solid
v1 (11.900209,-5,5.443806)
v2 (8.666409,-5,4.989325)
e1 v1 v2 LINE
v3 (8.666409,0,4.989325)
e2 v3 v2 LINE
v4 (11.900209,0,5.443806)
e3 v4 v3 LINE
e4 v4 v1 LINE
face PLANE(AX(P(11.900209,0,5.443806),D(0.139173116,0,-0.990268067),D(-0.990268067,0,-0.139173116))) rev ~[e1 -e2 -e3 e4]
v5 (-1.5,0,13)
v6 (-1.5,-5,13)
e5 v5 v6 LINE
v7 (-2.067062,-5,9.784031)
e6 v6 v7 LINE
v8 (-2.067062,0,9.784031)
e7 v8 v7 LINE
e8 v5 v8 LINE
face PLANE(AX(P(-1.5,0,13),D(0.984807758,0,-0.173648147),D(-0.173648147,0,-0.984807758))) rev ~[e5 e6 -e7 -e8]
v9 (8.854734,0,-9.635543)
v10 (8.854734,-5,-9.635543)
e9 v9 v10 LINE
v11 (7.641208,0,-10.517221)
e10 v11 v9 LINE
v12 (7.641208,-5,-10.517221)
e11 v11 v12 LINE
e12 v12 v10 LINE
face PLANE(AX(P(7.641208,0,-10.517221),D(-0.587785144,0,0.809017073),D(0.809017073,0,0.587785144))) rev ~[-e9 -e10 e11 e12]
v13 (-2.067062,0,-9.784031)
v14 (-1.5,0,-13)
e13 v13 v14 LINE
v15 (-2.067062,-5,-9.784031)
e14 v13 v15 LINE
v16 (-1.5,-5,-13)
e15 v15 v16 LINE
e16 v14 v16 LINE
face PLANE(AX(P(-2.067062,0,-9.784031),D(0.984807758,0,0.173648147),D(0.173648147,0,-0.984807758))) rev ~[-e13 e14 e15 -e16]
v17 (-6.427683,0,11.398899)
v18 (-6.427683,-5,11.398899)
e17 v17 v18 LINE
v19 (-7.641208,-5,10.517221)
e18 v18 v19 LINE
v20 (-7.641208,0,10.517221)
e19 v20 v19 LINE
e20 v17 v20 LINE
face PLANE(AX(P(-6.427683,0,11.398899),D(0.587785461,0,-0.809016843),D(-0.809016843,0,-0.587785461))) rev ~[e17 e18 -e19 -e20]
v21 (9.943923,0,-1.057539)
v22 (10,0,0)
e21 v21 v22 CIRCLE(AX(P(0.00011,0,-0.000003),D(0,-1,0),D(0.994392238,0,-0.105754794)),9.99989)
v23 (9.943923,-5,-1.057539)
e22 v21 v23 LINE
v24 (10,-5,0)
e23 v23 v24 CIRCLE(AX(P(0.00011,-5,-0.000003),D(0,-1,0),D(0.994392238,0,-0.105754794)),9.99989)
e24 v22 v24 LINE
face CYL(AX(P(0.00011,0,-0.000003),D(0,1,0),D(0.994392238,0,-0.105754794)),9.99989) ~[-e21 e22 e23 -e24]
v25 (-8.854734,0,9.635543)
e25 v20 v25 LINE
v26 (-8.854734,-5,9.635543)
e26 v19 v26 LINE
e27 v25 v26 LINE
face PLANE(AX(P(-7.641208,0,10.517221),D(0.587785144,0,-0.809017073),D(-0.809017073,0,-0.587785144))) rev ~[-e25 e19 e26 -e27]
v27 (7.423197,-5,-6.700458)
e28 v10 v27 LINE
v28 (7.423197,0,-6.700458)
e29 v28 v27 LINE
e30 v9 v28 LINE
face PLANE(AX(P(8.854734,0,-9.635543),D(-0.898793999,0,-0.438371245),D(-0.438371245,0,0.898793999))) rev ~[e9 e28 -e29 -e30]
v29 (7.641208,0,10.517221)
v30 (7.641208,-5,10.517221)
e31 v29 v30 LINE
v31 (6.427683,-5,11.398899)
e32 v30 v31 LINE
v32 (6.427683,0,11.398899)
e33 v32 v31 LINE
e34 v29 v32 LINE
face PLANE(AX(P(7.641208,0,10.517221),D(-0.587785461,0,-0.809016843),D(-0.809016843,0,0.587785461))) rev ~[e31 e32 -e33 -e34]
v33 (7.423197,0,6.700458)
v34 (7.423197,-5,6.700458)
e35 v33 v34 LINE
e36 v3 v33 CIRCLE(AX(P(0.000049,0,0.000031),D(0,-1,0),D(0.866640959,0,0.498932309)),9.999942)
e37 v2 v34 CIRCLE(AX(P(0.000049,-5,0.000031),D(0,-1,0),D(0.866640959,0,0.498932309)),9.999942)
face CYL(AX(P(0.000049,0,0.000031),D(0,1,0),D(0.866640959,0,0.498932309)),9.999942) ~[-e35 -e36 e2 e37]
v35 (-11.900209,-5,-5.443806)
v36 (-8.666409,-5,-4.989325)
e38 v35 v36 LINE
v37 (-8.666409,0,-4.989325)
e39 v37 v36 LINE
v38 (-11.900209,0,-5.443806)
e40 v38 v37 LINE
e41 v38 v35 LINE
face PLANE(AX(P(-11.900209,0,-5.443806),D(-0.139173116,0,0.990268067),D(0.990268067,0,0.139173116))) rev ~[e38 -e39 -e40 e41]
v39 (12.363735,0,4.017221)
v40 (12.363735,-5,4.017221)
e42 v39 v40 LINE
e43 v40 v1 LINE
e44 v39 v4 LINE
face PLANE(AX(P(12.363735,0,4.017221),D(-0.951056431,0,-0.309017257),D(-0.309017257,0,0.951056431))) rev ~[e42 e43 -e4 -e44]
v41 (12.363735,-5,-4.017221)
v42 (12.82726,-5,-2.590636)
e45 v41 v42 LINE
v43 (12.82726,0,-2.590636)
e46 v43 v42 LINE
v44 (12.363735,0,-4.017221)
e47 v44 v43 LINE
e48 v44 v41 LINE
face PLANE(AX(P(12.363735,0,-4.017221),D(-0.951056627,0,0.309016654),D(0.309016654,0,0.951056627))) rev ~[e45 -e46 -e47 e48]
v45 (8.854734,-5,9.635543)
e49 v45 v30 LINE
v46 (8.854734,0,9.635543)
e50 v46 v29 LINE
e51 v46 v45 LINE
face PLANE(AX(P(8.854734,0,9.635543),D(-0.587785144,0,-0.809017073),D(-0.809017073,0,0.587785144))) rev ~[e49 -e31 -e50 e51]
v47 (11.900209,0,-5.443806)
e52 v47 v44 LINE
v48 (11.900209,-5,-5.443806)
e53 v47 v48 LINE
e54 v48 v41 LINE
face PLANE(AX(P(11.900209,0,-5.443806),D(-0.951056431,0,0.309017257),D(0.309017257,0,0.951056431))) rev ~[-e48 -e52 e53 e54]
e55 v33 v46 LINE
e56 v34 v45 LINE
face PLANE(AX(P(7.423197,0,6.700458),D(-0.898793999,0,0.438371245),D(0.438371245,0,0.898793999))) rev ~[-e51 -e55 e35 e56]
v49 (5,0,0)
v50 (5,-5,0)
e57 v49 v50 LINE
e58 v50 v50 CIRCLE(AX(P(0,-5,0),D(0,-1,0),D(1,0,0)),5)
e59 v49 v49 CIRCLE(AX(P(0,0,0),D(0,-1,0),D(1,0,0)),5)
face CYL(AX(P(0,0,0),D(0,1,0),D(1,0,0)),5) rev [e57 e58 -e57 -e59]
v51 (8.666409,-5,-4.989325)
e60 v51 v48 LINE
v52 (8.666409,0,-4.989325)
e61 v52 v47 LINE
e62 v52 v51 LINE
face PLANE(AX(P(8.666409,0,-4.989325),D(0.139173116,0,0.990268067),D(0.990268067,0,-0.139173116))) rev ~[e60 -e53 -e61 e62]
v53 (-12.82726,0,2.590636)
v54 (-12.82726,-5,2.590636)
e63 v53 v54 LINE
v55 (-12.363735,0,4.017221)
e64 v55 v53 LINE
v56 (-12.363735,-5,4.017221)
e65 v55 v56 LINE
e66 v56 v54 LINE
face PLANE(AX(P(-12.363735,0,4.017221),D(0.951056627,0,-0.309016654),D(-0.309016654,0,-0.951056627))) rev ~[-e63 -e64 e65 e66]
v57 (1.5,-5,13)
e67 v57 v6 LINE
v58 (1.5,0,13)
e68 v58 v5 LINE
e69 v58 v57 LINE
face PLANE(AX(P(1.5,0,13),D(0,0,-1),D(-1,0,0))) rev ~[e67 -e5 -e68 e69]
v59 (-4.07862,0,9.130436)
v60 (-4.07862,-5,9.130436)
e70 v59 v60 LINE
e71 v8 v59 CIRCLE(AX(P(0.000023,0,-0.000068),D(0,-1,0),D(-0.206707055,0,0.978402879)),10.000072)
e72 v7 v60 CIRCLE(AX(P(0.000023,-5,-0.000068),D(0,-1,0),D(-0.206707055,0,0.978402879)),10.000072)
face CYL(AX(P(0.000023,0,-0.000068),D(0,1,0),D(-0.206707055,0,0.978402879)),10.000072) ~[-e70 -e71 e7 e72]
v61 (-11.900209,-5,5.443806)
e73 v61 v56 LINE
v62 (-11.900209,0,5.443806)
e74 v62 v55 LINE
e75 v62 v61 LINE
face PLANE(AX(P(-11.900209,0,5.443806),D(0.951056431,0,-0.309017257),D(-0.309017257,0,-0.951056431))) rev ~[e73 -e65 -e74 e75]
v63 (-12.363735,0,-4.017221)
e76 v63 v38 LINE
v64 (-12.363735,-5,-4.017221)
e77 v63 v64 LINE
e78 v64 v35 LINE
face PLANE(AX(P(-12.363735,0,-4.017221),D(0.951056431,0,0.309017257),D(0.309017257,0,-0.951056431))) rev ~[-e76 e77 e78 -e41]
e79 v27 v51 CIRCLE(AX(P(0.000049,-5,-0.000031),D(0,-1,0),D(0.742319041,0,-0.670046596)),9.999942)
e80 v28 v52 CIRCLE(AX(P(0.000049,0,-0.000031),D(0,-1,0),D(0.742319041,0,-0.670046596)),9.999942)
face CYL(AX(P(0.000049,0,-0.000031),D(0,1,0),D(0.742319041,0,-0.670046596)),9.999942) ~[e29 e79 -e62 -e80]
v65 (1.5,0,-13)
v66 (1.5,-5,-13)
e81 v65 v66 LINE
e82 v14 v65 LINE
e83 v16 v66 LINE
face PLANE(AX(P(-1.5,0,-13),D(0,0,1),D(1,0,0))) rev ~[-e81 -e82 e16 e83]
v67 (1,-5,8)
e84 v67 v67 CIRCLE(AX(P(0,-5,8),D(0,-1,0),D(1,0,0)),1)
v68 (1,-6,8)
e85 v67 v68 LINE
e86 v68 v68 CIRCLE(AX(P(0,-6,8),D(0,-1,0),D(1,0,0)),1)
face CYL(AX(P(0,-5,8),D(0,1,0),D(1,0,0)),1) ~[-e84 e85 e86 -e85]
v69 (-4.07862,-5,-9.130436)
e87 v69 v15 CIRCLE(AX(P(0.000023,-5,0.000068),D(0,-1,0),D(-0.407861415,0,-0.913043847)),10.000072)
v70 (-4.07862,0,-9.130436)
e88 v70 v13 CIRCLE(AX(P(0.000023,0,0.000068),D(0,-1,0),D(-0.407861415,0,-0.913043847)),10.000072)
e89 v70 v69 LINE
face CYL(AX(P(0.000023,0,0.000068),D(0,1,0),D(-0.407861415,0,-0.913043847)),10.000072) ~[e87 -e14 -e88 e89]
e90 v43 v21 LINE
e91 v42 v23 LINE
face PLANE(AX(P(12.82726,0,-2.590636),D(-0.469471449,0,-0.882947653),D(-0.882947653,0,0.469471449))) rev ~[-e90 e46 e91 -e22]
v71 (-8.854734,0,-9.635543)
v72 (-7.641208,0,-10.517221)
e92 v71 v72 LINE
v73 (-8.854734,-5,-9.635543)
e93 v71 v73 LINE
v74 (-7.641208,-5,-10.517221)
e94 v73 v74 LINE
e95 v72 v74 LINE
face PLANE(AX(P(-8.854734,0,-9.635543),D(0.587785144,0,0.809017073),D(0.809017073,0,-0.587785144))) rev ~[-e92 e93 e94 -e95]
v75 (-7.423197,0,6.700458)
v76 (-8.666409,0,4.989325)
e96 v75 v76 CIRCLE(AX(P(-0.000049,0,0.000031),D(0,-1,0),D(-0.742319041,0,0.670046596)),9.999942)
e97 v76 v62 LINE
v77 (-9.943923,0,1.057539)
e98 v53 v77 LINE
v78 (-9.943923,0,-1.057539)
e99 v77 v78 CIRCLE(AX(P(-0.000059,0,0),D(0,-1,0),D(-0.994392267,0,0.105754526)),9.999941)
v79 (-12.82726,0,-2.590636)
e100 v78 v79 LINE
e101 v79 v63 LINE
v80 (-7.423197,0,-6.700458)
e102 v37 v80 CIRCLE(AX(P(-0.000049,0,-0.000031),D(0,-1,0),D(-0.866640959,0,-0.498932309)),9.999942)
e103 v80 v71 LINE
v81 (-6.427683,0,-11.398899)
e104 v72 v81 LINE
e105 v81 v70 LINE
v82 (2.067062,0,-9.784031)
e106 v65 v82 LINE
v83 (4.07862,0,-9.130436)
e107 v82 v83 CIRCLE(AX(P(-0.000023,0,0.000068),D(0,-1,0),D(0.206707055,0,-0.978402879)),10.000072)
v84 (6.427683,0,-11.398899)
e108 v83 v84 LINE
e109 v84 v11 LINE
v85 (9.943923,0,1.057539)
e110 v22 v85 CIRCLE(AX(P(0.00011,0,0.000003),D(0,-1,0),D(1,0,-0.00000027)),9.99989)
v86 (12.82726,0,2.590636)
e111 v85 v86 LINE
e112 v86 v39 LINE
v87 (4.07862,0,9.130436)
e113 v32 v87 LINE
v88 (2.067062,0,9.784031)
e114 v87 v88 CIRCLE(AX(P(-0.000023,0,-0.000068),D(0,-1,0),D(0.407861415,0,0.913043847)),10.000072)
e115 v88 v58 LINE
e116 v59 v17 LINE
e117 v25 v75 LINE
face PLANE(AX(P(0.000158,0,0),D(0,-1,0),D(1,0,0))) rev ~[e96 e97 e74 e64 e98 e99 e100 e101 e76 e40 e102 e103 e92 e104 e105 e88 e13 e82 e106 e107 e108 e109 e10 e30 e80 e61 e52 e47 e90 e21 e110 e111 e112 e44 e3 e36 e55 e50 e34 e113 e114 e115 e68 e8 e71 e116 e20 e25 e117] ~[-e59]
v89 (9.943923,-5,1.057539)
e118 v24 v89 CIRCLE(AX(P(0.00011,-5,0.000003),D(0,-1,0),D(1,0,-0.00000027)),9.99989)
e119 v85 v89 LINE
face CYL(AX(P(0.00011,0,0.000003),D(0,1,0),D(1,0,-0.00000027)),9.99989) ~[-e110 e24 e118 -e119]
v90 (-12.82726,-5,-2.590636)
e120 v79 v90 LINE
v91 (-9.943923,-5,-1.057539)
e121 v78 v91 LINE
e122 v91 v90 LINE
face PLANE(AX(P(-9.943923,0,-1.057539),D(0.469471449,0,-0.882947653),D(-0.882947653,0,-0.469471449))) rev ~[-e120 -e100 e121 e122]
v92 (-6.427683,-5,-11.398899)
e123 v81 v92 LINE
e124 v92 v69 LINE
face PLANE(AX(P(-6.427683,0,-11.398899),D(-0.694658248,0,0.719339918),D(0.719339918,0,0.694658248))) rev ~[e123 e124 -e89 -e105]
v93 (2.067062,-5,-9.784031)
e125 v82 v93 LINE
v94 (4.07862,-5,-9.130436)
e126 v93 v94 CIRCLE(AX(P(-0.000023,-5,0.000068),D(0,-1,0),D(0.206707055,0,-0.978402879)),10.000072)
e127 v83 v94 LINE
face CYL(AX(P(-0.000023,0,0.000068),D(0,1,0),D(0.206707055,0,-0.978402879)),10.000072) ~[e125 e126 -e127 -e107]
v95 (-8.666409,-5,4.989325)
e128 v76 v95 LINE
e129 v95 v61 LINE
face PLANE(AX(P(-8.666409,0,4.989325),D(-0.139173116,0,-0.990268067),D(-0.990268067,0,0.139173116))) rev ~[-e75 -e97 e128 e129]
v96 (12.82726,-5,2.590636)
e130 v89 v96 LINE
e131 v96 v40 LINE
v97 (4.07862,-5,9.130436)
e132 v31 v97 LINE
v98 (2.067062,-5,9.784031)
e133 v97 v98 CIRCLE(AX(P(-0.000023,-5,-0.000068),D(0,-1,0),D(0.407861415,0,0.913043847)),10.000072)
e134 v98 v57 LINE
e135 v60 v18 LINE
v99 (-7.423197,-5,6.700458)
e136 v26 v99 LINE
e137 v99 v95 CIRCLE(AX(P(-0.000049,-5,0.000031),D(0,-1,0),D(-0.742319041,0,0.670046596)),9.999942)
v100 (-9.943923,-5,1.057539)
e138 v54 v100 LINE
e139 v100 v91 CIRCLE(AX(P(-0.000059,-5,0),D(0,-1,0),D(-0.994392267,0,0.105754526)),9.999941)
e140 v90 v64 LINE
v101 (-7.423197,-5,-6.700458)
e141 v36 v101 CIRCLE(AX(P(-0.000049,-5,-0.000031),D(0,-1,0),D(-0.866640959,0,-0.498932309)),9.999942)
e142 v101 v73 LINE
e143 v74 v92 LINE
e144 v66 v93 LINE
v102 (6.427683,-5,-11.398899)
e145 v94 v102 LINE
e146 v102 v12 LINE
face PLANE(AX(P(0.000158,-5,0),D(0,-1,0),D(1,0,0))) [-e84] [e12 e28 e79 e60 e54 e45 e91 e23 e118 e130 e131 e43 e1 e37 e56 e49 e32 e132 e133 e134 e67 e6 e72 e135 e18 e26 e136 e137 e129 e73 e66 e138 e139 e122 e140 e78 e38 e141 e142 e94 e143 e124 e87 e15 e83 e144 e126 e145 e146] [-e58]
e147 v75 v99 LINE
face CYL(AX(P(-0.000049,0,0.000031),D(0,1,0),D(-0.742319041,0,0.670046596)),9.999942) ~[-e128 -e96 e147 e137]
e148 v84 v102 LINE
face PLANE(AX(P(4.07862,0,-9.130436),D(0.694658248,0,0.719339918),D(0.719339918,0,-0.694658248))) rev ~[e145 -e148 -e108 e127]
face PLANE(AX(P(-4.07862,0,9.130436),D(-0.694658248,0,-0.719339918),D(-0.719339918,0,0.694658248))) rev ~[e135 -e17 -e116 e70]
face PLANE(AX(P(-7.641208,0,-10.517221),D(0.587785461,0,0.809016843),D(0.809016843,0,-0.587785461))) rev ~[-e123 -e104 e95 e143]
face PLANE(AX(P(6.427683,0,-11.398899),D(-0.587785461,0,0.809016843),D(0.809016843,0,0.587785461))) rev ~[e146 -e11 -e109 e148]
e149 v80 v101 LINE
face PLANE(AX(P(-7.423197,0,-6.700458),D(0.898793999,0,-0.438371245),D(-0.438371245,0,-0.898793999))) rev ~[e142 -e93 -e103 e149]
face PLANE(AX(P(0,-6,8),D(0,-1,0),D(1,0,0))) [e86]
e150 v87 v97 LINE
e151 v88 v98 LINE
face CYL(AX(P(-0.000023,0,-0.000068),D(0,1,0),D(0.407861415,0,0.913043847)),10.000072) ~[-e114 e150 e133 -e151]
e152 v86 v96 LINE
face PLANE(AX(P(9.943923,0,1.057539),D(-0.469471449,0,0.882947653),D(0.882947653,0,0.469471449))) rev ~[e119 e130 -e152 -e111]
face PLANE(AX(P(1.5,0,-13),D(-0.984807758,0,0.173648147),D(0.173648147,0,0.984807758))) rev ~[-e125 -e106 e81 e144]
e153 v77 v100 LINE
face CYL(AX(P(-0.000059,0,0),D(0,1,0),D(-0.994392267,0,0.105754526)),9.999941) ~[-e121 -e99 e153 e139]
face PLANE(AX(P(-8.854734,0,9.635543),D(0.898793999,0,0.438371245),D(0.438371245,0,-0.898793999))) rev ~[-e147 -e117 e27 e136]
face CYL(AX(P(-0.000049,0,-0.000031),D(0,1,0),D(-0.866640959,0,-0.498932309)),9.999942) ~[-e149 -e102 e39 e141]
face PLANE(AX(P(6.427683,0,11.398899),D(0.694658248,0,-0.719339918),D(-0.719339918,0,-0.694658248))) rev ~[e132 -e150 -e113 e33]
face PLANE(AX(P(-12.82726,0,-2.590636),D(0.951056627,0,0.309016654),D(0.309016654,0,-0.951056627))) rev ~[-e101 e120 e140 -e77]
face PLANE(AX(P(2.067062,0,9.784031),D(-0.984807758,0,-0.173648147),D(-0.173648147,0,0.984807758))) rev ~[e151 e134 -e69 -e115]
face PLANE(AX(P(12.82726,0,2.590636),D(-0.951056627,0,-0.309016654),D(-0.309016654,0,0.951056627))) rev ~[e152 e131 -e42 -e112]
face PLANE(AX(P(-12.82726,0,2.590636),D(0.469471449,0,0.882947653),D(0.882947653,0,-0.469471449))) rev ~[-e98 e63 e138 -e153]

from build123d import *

# Parameters (mm, degrees)
F0_R     = 5
F1_DEPTH = 5
F2_R     = 1
F3_DEPTH = 1


with BuildPart() as f1:
    # F0 (on Front) → F1 (new body)
    with BuildSketch(Plane.XZ):
        with BuildLine():
            ThreePointArc((9.943923, -1.057539), (9.985971, -0.529512), (10, 0))
            ThreePointArc((10, 0), (9.985971, 0.529512), (9.943923, 1.057539))
            ThreePointArc((9.943923, 1.057539), (9.510565, 3.09017), (8.666409, 4.989325))
            ThreePointArc((8.666409, 4.989325), (8.09017, 5.877853), (7.423197, 6.700458))
            ThreePointArc((7.423197, 6.700458), (5.877853, 8.09017), (4.07862, 9.130436))
            ThreePointArc((4.07862, 9.130436), (3.09017, 9.510565), (2.067062, 9.784031))
            ThreePointArc((2.067062, 9.784031), (0, 10), (-2.067062, 9.784031))
            ThreePointArc((-2.067062, 9.784031), (-3.09017, 9.510565), (-4.07862, 9.130436))
            ThreePointArc((-4.07862, 9.130436), (-5.877853, 8.09017), (-7.423197, 6.700458))
            ThreePointArc((-7.423197, 6.700458), (-8.09017, 5.877853), (-8.666409, 4.989325))
            ThreePointArc((-8.666409, 4.989325), (-9.510565, 3.09017), (-9.943923, 1.057539))
            ThreePointArc((-9.943923, 1.057539), (-10, 0), (-9.943923, -1.057539))
            ThreePointArc((-9.943923, -1.057539), (-9.510565, -3.09017), (-8.666409, -4.989325))
            ThreePointArc((-8.666409, -4.989325), (-8.09017, -5.877853), (-7.423197, -6.700458))
            ThreePointArc((-7.423197, -6.700458), (-5.877853, -8.09017), (-4.07862, -9.130436))
            ThreePointArc((-4.07862, -9.130436), (-3.09017, -9.510565), (-2.067062, -9.784031))
            ThreePointArc((-2.067062, -9.784031), (0, -10), (2.067062, -9.784031))
            ThreePointArc((2.067062, -9.784031), (3.09017, -9.510565), (4.07862, -9.130436))
            ThreePointArc((4.07862, -9.130436), (5.877853, -8.09017), (7.423197, -6.700458))
            ThreePointArc((7.423197, -6.700458), (8.09017, -5.877853), (8.666409, -4.989325))
            ThreePointArc((8.666409, -4.989325), (9.510565, -3.09017), (9.943923, -1.057539))
        make_face()
        Circle(F0_R, mode=Mode.SUBTRACT)
        with BuildLine():
            ThreePointArc((8.666409, 4.989325), (9.510565, 3.09017), (9.943923, 1.057539))
            Line((9.943923, 1.057539), (12.82726, 2.590636))
            Line((12.82726, 2.590636), (12.363735, 4.017221))
            Line((12.363735, 4.017221), (11.900209, 5.443806))
            Line((11.900209, 5.443806), (8.666409, 4.989325))
        make_face()
        with BuildLine():
            Line((12.82726, -2.590636), (9.943923, -1.057539))
            ThreePointArc((9.943923, -1.057539), (9.510565, -3.09017), (8.666409, -4.989325))
            Line((8.666409, -4.989325), (11.900209, -5.443806))
            Line((11.900209, -5.443806), (12.363735, -4.017221))
            Line((12.363735, -4.017221), (12.82726, -2.590636))
        make_face()
        with BuildLine():
            ThreePointArc((4.07862, 9.130436), (5.877853, 8.09017), (7.423197, 6.700458))
            Line((7.423197, 6.700458), (8.854734, 9.635543))
            Line((8.854734, 9.635543), (7.641208, 10.517221))
            Line((7.641208, 10.517221), (6.427683, 11.398899))
            Line((6.427683, 11.398899), (4.07862, 9.130436))
        make_face()
        with BuildLine():
            Line((8.854734, -9.635543), (7.423197, -6.700458))
            ThreePointArc((7.423197, -6.700458), (5.877853, -8.09017), (4.07862, -9.130436))
            Line((4.07862, -9.130436), (6.427683, -11.398899))
            Line((6.427683, -11.398899), (7.641208, -10.517221))
            Line((7.641208, -10.517221), (8.854734, -9.635543))
        make_face()
        with BuildLine():
            ThreePointArc((-2.067062, 9.784031), (0, 10), (2.067062, 9.784031))
            Line((2.067062, 9.784031), (1.5, 13))
            Line((1.5, 13), (0, 13))
            Line((0, 13), (-1.5, 13))
            Line((-1.5, 13), (-2.067062, 9.784031))
        make_face()
        with BuildLine():
            Line((1.5, -13), (2.067062, -9.784031))
            ThreePointArc((2.067062, -9.784031), (0, -10), (-2.067062, -9.784031))
            Line((-2.067062, -9.784031), (-1.5, -13))
            Line((-1.5, -13), (0, -13))
            Line((0, -13), (1.5, -13))
        make_face()
        with BuildLine():
            ThreePointArc((-7.423197, 6.700458), (-5.877853, 8.09017), (-4.07862, 9.130436))
            Line((-4.07862, 9.130436), (-6.427683, 11.398899))
            Line((-6.427683, 11.398899), (-7.641208, 10.517221))
            Line((-7.641208, 10.517221), (-8.854734, 9.635543))
            Line((-8.854734, 9.635543), (-7.423197, 6.700458))
        make_face()
        with BuildLine():
            Line((-6.427683, -11.398899), (-4.07862, -9.130436))
            ThreePointArc((-4.07862, -9.130436), (-5.877853, -8.09017), (-7.423197, -6.700458))
            Line((-7.423197, -6.700458), (-8.854734, -9.635543))
            Line((-8.854734, -9.635543), (-7.641208, -10.517221))
            Line((-7.641208, -10.517221), (-6.427683, -11.398899))
        make_face()
        with BuildLine():
            ThreePointArc((-9.943923, 1.057539), (-9.510565, 3.09017), (-8.666409, 4.989325))
            Line((-8.666409, 4.989325), (-11.900209, 5.443806))
            Line((-11.900209, 5.443806), (-12.363735, 4.017221))
            Line((-12.363735, 4.017221), (-12.82726, 2.590636))
            Line((-12.82726, 2.590636), (-9.943923, 1.057539))
        make_face()
        with BuildLine():
            Line((-11.900209, -5.443806), (-8.666409, -4.989325))
            ThreePointArc((-8.666409, -4.989325), (-9.510565, -3.09017), (-9.943923, -1.057539))
            Line((-9.943923, -1.057539), (-12.82726, -2.590636))
            Line((-12.82726, -2.590636), (-12.363735, -4.017221))
            Line((-12.363735, -4.017221), (-11.900209, -5.443806))
        make_face()
    extrude(amount=F1_DEPTH)

    # F2 (on face) → F3 (join)
    with BuildSketch(Plane.XZ.offset(5)):
        with Locations((0, 8)):
            Circle(F2_R)
    extrude(amount=F3_DEPTH)


solid = f1.part
